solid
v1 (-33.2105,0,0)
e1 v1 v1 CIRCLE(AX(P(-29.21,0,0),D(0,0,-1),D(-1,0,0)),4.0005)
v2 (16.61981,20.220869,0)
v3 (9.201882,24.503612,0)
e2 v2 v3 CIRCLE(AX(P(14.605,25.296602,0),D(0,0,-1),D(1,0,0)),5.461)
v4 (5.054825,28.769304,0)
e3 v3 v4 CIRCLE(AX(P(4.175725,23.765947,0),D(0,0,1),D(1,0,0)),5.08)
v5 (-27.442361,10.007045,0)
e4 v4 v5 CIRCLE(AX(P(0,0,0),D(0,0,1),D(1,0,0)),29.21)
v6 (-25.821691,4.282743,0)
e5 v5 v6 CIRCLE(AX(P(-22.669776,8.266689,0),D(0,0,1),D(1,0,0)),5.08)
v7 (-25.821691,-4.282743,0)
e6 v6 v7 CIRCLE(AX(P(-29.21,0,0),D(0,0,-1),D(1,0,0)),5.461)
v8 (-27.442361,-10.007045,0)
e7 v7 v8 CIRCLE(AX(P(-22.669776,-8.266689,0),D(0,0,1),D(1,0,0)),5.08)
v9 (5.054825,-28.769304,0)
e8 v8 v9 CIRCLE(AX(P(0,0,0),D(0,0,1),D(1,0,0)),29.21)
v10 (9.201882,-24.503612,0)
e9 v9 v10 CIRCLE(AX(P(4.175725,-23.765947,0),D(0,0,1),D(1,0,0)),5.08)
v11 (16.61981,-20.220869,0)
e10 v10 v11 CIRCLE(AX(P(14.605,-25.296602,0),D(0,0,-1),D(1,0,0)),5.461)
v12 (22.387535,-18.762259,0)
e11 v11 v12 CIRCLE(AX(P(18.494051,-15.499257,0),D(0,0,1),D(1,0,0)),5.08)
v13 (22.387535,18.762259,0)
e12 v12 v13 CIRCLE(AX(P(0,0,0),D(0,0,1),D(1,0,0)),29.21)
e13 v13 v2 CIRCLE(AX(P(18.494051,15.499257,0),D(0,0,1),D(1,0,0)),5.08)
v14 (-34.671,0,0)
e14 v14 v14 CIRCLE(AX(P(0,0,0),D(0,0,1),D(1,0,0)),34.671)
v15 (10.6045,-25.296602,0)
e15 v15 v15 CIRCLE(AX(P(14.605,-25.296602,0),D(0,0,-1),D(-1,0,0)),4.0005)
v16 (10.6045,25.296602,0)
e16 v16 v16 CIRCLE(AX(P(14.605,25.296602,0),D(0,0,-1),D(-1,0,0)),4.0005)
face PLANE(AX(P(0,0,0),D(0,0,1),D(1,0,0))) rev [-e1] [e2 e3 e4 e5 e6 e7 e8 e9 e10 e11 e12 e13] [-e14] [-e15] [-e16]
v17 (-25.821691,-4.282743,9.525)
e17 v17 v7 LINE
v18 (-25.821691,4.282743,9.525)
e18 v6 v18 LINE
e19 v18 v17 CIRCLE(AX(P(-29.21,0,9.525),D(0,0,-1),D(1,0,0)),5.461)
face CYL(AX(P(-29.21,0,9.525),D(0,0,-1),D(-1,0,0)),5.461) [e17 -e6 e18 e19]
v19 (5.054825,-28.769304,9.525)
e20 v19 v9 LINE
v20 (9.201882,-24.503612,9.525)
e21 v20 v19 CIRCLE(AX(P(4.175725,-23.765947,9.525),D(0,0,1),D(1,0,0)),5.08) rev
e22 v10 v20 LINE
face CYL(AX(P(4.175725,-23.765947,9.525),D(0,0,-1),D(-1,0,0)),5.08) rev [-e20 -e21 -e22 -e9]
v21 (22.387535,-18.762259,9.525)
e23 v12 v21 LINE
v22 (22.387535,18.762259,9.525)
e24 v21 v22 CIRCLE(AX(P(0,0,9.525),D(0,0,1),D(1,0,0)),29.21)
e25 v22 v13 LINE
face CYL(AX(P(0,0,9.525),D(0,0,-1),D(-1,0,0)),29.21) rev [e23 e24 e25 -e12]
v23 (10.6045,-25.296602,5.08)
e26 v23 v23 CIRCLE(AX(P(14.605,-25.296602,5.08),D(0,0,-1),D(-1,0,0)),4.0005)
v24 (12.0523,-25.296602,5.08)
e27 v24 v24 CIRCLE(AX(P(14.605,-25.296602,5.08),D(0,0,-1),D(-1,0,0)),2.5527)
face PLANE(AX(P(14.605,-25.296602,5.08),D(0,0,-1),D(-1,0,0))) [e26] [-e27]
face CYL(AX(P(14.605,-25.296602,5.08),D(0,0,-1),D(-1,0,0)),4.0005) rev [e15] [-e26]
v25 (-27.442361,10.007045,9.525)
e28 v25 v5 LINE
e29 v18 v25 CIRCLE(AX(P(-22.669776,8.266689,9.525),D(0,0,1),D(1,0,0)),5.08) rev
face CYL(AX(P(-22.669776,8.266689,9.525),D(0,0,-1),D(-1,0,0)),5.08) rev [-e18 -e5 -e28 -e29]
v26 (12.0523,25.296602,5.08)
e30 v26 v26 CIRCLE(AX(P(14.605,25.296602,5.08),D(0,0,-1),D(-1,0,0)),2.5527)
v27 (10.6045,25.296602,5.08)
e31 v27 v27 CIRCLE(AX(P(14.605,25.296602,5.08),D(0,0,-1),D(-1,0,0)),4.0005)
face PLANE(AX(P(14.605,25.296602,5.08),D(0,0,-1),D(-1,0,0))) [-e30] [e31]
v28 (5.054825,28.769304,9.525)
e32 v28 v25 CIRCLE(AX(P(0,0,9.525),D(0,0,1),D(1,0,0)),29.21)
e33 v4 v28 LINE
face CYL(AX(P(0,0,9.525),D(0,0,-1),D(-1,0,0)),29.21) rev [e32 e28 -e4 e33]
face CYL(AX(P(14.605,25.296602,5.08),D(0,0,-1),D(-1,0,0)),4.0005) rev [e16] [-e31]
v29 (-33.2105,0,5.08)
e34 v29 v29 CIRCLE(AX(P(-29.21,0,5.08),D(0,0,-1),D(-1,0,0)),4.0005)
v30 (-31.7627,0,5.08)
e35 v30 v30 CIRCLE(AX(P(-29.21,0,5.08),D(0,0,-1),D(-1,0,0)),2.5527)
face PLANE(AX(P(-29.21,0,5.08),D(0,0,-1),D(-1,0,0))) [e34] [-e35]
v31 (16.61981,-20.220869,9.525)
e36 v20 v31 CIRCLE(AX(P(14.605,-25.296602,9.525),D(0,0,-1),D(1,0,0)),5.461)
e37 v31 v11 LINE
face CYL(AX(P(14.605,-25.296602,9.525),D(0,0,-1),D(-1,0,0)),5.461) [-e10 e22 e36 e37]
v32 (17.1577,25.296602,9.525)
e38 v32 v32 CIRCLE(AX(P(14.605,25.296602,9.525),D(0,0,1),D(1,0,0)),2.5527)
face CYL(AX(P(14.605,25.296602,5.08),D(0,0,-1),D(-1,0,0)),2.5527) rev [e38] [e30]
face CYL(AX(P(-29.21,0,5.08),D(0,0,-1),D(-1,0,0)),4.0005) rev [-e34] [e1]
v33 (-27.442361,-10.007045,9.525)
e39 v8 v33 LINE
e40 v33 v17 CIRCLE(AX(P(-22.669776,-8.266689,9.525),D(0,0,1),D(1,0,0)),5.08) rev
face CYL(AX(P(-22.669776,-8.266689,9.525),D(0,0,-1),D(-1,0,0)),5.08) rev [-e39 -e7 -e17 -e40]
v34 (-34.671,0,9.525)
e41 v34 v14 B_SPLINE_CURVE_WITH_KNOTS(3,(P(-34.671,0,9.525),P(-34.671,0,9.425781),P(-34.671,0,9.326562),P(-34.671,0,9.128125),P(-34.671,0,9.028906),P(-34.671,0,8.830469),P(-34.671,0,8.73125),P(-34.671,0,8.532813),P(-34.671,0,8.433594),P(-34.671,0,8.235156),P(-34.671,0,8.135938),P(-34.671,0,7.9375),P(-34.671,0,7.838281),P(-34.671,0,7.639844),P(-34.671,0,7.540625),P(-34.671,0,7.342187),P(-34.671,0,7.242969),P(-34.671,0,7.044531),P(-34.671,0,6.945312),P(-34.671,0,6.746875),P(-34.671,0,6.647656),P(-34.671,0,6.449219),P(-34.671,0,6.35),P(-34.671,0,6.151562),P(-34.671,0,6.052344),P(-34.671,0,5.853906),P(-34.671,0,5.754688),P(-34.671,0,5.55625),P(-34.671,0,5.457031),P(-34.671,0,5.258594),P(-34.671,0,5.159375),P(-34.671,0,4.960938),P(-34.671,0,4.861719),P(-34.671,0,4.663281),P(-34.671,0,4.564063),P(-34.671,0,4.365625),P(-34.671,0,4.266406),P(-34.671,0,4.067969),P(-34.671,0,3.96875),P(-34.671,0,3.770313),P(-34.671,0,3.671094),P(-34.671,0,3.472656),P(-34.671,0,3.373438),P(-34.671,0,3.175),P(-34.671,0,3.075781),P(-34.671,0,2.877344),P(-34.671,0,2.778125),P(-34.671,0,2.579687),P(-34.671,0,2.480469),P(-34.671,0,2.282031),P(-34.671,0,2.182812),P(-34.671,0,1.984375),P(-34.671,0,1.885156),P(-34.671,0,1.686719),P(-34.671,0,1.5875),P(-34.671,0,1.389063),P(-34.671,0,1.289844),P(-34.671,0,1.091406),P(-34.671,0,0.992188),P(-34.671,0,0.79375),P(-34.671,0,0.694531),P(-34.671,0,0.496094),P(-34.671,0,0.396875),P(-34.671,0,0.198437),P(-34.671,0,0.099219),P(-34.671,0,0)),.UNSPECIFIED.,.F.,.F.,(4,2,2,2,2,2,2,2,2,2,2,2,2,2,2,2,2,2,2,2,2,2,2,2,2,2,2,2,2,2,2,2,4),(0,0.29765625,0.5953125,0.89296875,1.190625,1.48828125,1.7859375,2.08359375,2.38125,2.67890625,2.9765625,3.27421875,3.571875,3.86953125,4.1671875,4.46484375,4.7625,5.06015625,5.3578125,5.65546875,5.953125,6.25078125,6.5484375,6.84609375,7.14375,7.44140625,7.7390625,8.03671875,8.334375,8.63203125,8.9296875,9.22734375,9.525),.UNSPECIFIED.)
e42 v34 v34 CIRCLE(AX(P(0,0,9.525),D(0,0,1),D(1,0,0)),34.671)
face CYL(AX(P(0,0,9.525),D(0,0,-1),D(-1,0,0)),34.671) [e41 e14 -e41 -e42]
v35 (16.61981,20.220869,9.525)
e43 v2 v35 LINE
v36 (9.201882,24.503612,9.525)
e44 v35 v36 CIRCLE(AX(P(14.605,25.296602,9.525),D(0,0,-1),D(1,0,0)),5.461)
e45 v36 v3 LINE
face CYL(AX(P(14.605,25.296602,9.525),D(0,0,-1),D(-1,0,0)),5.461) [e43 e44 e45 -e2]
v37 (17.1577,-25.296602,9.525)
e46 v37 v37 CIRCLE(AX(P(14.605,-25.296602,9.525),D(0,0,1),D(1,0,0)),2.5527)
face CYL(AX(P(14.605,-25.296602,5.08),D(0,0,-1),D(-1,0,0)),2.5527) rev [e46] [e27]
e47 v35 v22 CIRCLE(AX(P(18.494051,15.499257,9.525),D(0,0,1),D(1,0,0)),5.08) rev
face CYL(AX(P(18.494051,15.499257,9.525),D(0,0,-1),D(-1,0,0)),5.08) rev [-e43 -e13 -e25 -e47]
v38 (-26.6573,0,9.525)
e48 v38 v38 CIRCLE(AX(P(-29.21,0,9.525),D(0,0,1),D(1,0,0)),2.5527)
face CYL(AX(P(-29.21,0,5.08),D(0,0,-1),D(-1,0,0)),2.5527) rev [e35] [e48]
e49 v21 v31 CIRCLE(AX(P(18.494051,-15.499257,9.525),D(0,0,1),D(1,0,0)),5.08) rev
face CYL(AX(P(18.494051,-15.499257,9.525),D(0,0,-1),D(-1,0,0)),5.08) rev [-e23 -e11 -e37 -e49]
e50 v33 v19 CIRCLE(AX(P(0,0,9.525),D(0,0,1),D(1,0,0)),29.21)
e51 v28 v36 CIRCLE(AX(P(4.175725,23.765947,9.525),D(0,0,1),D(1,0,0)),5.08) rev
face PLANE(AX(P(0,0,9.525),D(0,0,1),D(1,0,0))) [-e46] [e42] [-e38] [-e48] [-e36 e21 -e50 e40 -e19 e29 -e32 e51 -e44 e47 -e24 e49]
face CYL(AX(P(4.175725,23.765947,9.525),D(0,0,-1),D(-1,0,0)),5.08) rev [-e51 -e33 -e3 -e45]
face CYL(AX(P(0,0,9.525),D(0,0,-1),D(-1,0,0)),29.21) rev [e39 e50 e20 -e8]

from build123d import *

# Parameters (mm, degrees)
SKETCH1_R                  = 34.671
BOSS_EXTRUDE1_DEPTH        = 9.525
FILLET1_R                  = 5.08
SKETCH2_R                  = 4.0005
CUT_EXTRUDE1_DEPTH         = 5.08
F_10_CLEARANCE_HOLE1_D     = 5.1054
F_10_CLEARANCE_HOLE1_DEPTH = 4.445


with BuildPart() as part:
    # Sketch1 → Boss-Extrude1 (new body)
    with BuildSketch(Plane.XY):
        with Locations(Location((0, 0, 0), (0, 0, 180))):
            Circle(SKETCH1_R)
        with BuildLine():
            ThreePointArc((19.058413969, -22.135965238), (29.21, 0), (19.058413969, 22.135965238))
            ThreePointArc((19.058413969, 22.135965238), (11.8745, 20.567237314), (9.641101249, 27.573053271))
            ThreePointArc((9.641101249, 27.573053271), (-14.605, 25.296602045), (-28.699515217, 5.437088034))
            ThreePointArc((-28.699515217, 5.437088034), (-23.749, 0), (-28.699515217, -5.437088034))
            ThreePointArc((-28.699515217, -5.437088034), (-14.605, -25.296602045), (9.641101249, -27.573053271))
            ThreePointArc((9.641101249, -27.573053271), (11.8745, -20.567237314), (19.058413969, -22.135965238))
        make_face(mode=Mode.SUBTRACT)
    extrude(amount=BOSS_EXTRUDE1_DEPTH)

    # Fillet1
    fillet1_edges = [part.edges().sort_by_distance(p)[0] for p in [
        (-28.699515217, 5.437088034, 4.7625),
        (-28.699515217, -5.437088034, 4.7625),
        (9.641101249, -27.573053271, 4.7625),
        (19.058413969, -22.135965238, 4.7625),
        (19.058413969, 22.135965238, 4.7625),
        (9.641101249, 27.573053271, 4.7625),
    ]]
    fillet(fillet1_edges, radius=FILLET1_R)

    # Sketch2 → Cut-Extrude1 (cut)
    with BuildSketch(Plane(origin=(0, 0, 0), x_dir=(-1, 0, 0), z_dir=(0, 0, -1))):
        with Locations((-14.605, 25.296602045)):
            Circle(SKETCH2_R)
        with Locations((29.21, 0)):
            Circle(SKETCH2_R)
        with Locations((-14.605, -25.296602045)):
            Circle(SKETCH2_R)
    extrude(amount=-CUT_EXTRUDE1_DEPTH, mode=Mode.SUBTRACT)

    # #10 Clearance Hole1
    with Locations(Plane(origin=(0, 0, 5.08), x_dir=(-1, 0, 0), z_dir=(0, 0, -1))):
        with Locations((-14.605, 25.296602045), (29.21, 0), (-14.605, -25.296602045), (0, 0)):
            Hole(F_10_CLEARANCE_HOLE1_D / 2, depth=F_10_CLEARANCE_HOLE1_DEPTH)


solid = part.part
